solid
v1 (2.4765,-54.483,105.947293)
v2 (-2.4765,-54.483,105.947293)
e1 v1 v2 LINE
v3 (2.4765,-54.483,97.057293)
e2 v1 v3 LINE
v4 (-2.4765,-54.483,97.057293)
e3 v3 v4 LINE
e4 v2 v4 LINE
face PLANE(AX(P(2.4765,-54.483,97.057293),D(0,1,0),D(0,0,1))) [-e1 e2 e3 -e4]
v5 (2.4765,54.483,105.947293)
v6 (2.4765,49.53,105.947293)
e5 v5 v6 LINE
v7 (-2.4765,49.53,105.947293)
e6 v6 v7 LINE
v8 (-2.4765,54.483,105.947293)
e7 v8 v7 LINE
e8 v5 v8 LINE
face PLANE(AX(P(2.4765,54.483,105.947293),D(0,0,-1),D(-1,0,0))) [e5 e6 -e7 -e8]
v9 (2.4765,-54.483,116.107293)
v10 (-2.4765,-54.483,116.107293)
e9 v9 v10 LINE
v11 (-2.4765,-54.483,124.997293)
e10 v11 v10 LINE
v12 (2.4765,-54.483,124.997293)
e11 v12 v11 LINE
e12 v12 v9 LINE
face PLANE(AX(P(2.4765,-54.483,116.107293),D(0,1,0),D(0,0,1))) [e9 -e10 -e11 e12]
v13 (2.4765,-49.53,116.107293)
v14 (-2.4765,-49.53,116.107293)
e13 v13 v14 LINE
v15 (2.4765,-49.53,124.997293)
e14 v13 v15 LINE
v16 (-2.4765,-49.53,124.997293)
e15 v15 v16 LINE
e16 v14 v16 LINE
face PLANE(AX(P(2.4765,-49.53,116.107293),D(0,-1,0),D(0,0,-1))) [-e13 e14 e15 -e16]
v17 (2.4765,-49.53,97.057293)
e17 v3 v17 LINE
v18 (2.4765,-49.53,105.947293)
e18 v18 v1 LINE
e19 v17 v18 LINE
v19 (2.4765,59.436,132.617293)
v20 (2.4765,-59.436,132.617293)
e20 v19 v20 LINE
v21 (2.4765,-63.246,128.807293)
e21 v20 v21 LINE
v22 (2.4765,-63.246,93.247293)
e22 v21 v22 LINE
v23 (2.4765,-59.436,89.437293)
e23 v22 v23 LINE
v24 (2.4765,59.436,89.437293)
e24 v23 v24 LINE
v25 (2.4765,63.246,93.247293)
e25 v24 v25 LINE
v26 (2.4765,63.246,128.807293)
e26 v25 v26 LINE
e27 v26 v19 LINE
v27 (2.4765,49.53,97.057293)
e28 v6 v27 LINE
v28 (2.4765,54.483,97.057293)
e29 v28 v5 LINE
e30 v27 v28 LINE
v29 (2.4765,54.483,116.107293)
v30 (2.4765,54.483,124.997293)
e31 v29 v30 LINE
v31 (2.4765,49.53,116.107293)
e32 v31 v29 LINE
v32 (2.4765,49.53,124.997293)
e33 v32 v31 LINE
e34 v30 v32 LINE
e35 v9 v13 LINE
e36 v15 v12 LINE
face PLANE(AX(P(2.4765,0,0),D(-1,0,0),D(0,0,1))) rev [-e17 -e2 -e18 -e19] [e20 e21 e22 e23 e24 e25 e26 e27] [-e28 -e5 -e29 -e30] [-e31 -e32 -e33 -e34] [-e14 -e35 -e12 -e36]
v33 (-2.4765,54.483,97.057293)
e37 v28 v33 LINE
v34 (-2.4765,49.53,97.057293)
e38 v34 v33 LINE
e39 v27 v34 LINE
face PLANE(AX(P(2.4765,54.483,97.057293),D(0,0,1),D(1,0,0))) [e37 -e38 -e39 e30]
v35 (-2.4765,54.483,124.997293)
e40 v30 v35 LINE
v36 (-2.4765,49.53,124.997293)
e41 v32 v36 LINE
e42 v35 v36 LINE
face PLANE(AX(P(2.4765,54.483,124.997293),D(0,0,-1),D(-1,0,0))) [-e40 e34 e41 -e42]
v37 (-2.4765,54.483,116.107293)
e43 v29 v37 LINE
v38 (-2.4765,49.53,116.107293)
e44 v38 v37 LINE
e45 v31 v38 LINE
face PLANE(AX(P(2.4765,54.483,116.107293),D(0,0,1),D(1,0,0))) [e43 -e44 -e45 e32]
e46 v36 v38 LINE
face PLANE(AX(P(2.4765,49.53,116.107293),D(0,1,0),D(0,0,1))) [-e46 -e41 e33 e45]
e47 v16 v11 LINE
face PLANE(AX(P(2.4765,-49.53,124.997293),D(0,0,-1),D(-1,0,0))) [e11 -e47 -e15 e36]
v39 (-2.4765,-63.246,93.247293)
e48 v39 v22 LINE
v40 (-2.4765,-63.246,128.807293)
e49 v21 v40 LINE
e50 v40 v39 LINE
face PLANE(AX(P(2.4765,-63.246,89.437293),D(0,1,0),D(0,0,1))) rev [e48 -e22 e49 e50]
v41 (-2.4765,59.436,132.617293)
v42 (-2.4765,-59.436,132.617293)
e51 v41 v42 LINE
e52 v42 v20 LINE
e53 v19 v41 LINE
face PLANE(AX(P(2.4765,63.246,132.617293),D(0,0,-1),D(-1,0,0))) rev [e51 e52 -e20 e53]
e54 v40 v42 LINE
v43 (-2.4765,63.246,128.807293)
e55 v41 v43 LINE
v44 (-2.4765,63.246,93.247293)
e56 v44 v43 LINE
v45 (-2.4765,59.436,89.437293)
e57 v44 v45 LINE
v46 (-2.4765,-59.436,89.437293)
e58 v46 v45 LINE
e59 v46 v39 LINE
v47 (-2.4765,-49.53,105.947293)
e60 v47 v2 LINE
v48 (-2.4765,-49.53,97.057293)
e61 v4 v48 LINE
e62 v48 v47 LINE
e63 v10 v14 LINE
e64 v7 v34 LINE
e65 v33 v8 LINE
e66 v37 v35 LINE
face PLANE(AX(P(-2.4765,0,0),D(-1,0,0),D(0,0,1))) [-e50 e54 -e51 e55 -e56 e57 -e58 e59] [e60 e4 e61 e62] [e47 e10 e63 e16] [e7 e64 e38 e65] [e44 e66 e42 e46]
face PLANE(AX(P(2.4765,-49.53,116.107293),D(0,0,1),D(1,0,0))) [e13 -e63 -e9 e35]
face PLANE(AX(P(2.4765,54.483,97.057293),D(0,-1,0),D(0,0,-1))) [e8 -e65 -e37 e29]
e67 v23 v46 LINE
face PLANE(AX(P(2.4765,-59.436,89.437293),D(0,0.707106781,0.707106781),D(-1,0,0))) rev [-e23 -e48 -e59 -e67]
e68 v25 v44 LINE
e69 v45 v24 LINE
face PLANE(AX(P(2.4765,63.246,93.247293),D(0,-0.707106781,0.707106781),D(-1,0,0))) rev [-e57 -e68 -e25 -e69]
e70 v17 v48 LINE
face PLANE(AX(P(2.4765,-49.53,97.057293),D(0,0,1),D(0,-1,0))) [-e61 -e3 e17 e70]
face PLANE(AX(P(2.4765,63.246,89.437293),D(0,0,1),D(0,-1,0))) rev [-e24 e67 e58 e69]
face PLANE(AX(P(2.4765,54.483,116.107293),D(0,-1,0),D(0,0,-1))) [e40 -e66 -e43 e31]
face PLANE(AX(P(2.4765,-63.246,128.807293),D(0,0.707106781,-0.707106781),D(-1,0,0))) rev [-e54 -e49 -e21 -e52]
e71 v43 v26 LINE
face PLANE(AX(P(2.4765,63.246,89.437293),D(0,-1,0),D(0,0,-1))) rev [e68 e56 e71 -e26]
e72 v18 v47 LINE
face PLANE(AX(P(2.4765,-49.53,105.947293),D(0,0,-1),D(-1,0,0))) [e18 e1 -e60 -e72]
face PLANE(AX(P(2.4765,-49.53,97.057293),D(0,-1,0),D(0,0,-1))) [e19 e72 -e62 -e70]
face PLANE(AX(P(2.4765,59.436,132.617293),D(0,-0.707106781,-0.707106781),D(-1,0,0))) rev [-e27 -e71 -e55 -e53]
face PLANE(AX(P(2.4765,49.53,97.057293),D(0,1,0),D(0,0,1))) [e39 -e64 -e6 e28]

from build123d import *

# Parameters (mm, degrees)
SKETCH1_W           = 43.18
SKETCH1_H           = 126.492
SKETCH1_W_2         = 8.89
SKETCH1_H_2         = 4.953
BOSS_EXTRUDE1_DEPTH = 2.4765
CHAMFER1_SIZE       = 3.81


with BuildPart() as part:
    # Sketch1 → Boss-Extrude1 (new body, symmetric)
    with BuildSketch(Plane(origin=(0, 0, 0), x_dir=(0, 0, -1), z_dir=(1, 0, 0))):
        with Locations((-111.027292876, 0)):
            Rectangle(SKETCH1_W, SKETCH1_H)
        with Locations((-101.502292876, 52.0065)):
            Rectangle(SKETCH1_W_2, SKETCH1_H_2, mode=Mode.SUBTRACT)
        with Locations((-120.552292876, 52.0065)):
            Rectangle(SKETCH1_W_2, SKETCH1_H_2, mode=Mode.SUBTRACT)
        with Locations((-101.502292876, -52.0065)):
            Rectangle(SKETCH1_W_2, SKETCH1_H_2, mode=Mode.SUBTRACT)
        with Locations((-120.552292876, -52.0065)):
            Rectangle(SKETCH1_W_2, SKETCH1_H_2, mode=Mode.SUBTRACT)
    extrude(amount=BOSS_EXTRUDE1_DEPTH, both=True)

    # Chamfer1
    chamfer1_edges = [part.edges().sort_by_distance(p)[0] for p in [
        (0, -63.246, 89.437292876),
        (0, -63.246, 132.617292876),
        (0, 63.246, 132.617292876),
        (0, 63.246, 89.437292876),
    ]]
    chamfer(chamfer1_edges, length=CHAMFER1_SIZE)


solid = part.part
